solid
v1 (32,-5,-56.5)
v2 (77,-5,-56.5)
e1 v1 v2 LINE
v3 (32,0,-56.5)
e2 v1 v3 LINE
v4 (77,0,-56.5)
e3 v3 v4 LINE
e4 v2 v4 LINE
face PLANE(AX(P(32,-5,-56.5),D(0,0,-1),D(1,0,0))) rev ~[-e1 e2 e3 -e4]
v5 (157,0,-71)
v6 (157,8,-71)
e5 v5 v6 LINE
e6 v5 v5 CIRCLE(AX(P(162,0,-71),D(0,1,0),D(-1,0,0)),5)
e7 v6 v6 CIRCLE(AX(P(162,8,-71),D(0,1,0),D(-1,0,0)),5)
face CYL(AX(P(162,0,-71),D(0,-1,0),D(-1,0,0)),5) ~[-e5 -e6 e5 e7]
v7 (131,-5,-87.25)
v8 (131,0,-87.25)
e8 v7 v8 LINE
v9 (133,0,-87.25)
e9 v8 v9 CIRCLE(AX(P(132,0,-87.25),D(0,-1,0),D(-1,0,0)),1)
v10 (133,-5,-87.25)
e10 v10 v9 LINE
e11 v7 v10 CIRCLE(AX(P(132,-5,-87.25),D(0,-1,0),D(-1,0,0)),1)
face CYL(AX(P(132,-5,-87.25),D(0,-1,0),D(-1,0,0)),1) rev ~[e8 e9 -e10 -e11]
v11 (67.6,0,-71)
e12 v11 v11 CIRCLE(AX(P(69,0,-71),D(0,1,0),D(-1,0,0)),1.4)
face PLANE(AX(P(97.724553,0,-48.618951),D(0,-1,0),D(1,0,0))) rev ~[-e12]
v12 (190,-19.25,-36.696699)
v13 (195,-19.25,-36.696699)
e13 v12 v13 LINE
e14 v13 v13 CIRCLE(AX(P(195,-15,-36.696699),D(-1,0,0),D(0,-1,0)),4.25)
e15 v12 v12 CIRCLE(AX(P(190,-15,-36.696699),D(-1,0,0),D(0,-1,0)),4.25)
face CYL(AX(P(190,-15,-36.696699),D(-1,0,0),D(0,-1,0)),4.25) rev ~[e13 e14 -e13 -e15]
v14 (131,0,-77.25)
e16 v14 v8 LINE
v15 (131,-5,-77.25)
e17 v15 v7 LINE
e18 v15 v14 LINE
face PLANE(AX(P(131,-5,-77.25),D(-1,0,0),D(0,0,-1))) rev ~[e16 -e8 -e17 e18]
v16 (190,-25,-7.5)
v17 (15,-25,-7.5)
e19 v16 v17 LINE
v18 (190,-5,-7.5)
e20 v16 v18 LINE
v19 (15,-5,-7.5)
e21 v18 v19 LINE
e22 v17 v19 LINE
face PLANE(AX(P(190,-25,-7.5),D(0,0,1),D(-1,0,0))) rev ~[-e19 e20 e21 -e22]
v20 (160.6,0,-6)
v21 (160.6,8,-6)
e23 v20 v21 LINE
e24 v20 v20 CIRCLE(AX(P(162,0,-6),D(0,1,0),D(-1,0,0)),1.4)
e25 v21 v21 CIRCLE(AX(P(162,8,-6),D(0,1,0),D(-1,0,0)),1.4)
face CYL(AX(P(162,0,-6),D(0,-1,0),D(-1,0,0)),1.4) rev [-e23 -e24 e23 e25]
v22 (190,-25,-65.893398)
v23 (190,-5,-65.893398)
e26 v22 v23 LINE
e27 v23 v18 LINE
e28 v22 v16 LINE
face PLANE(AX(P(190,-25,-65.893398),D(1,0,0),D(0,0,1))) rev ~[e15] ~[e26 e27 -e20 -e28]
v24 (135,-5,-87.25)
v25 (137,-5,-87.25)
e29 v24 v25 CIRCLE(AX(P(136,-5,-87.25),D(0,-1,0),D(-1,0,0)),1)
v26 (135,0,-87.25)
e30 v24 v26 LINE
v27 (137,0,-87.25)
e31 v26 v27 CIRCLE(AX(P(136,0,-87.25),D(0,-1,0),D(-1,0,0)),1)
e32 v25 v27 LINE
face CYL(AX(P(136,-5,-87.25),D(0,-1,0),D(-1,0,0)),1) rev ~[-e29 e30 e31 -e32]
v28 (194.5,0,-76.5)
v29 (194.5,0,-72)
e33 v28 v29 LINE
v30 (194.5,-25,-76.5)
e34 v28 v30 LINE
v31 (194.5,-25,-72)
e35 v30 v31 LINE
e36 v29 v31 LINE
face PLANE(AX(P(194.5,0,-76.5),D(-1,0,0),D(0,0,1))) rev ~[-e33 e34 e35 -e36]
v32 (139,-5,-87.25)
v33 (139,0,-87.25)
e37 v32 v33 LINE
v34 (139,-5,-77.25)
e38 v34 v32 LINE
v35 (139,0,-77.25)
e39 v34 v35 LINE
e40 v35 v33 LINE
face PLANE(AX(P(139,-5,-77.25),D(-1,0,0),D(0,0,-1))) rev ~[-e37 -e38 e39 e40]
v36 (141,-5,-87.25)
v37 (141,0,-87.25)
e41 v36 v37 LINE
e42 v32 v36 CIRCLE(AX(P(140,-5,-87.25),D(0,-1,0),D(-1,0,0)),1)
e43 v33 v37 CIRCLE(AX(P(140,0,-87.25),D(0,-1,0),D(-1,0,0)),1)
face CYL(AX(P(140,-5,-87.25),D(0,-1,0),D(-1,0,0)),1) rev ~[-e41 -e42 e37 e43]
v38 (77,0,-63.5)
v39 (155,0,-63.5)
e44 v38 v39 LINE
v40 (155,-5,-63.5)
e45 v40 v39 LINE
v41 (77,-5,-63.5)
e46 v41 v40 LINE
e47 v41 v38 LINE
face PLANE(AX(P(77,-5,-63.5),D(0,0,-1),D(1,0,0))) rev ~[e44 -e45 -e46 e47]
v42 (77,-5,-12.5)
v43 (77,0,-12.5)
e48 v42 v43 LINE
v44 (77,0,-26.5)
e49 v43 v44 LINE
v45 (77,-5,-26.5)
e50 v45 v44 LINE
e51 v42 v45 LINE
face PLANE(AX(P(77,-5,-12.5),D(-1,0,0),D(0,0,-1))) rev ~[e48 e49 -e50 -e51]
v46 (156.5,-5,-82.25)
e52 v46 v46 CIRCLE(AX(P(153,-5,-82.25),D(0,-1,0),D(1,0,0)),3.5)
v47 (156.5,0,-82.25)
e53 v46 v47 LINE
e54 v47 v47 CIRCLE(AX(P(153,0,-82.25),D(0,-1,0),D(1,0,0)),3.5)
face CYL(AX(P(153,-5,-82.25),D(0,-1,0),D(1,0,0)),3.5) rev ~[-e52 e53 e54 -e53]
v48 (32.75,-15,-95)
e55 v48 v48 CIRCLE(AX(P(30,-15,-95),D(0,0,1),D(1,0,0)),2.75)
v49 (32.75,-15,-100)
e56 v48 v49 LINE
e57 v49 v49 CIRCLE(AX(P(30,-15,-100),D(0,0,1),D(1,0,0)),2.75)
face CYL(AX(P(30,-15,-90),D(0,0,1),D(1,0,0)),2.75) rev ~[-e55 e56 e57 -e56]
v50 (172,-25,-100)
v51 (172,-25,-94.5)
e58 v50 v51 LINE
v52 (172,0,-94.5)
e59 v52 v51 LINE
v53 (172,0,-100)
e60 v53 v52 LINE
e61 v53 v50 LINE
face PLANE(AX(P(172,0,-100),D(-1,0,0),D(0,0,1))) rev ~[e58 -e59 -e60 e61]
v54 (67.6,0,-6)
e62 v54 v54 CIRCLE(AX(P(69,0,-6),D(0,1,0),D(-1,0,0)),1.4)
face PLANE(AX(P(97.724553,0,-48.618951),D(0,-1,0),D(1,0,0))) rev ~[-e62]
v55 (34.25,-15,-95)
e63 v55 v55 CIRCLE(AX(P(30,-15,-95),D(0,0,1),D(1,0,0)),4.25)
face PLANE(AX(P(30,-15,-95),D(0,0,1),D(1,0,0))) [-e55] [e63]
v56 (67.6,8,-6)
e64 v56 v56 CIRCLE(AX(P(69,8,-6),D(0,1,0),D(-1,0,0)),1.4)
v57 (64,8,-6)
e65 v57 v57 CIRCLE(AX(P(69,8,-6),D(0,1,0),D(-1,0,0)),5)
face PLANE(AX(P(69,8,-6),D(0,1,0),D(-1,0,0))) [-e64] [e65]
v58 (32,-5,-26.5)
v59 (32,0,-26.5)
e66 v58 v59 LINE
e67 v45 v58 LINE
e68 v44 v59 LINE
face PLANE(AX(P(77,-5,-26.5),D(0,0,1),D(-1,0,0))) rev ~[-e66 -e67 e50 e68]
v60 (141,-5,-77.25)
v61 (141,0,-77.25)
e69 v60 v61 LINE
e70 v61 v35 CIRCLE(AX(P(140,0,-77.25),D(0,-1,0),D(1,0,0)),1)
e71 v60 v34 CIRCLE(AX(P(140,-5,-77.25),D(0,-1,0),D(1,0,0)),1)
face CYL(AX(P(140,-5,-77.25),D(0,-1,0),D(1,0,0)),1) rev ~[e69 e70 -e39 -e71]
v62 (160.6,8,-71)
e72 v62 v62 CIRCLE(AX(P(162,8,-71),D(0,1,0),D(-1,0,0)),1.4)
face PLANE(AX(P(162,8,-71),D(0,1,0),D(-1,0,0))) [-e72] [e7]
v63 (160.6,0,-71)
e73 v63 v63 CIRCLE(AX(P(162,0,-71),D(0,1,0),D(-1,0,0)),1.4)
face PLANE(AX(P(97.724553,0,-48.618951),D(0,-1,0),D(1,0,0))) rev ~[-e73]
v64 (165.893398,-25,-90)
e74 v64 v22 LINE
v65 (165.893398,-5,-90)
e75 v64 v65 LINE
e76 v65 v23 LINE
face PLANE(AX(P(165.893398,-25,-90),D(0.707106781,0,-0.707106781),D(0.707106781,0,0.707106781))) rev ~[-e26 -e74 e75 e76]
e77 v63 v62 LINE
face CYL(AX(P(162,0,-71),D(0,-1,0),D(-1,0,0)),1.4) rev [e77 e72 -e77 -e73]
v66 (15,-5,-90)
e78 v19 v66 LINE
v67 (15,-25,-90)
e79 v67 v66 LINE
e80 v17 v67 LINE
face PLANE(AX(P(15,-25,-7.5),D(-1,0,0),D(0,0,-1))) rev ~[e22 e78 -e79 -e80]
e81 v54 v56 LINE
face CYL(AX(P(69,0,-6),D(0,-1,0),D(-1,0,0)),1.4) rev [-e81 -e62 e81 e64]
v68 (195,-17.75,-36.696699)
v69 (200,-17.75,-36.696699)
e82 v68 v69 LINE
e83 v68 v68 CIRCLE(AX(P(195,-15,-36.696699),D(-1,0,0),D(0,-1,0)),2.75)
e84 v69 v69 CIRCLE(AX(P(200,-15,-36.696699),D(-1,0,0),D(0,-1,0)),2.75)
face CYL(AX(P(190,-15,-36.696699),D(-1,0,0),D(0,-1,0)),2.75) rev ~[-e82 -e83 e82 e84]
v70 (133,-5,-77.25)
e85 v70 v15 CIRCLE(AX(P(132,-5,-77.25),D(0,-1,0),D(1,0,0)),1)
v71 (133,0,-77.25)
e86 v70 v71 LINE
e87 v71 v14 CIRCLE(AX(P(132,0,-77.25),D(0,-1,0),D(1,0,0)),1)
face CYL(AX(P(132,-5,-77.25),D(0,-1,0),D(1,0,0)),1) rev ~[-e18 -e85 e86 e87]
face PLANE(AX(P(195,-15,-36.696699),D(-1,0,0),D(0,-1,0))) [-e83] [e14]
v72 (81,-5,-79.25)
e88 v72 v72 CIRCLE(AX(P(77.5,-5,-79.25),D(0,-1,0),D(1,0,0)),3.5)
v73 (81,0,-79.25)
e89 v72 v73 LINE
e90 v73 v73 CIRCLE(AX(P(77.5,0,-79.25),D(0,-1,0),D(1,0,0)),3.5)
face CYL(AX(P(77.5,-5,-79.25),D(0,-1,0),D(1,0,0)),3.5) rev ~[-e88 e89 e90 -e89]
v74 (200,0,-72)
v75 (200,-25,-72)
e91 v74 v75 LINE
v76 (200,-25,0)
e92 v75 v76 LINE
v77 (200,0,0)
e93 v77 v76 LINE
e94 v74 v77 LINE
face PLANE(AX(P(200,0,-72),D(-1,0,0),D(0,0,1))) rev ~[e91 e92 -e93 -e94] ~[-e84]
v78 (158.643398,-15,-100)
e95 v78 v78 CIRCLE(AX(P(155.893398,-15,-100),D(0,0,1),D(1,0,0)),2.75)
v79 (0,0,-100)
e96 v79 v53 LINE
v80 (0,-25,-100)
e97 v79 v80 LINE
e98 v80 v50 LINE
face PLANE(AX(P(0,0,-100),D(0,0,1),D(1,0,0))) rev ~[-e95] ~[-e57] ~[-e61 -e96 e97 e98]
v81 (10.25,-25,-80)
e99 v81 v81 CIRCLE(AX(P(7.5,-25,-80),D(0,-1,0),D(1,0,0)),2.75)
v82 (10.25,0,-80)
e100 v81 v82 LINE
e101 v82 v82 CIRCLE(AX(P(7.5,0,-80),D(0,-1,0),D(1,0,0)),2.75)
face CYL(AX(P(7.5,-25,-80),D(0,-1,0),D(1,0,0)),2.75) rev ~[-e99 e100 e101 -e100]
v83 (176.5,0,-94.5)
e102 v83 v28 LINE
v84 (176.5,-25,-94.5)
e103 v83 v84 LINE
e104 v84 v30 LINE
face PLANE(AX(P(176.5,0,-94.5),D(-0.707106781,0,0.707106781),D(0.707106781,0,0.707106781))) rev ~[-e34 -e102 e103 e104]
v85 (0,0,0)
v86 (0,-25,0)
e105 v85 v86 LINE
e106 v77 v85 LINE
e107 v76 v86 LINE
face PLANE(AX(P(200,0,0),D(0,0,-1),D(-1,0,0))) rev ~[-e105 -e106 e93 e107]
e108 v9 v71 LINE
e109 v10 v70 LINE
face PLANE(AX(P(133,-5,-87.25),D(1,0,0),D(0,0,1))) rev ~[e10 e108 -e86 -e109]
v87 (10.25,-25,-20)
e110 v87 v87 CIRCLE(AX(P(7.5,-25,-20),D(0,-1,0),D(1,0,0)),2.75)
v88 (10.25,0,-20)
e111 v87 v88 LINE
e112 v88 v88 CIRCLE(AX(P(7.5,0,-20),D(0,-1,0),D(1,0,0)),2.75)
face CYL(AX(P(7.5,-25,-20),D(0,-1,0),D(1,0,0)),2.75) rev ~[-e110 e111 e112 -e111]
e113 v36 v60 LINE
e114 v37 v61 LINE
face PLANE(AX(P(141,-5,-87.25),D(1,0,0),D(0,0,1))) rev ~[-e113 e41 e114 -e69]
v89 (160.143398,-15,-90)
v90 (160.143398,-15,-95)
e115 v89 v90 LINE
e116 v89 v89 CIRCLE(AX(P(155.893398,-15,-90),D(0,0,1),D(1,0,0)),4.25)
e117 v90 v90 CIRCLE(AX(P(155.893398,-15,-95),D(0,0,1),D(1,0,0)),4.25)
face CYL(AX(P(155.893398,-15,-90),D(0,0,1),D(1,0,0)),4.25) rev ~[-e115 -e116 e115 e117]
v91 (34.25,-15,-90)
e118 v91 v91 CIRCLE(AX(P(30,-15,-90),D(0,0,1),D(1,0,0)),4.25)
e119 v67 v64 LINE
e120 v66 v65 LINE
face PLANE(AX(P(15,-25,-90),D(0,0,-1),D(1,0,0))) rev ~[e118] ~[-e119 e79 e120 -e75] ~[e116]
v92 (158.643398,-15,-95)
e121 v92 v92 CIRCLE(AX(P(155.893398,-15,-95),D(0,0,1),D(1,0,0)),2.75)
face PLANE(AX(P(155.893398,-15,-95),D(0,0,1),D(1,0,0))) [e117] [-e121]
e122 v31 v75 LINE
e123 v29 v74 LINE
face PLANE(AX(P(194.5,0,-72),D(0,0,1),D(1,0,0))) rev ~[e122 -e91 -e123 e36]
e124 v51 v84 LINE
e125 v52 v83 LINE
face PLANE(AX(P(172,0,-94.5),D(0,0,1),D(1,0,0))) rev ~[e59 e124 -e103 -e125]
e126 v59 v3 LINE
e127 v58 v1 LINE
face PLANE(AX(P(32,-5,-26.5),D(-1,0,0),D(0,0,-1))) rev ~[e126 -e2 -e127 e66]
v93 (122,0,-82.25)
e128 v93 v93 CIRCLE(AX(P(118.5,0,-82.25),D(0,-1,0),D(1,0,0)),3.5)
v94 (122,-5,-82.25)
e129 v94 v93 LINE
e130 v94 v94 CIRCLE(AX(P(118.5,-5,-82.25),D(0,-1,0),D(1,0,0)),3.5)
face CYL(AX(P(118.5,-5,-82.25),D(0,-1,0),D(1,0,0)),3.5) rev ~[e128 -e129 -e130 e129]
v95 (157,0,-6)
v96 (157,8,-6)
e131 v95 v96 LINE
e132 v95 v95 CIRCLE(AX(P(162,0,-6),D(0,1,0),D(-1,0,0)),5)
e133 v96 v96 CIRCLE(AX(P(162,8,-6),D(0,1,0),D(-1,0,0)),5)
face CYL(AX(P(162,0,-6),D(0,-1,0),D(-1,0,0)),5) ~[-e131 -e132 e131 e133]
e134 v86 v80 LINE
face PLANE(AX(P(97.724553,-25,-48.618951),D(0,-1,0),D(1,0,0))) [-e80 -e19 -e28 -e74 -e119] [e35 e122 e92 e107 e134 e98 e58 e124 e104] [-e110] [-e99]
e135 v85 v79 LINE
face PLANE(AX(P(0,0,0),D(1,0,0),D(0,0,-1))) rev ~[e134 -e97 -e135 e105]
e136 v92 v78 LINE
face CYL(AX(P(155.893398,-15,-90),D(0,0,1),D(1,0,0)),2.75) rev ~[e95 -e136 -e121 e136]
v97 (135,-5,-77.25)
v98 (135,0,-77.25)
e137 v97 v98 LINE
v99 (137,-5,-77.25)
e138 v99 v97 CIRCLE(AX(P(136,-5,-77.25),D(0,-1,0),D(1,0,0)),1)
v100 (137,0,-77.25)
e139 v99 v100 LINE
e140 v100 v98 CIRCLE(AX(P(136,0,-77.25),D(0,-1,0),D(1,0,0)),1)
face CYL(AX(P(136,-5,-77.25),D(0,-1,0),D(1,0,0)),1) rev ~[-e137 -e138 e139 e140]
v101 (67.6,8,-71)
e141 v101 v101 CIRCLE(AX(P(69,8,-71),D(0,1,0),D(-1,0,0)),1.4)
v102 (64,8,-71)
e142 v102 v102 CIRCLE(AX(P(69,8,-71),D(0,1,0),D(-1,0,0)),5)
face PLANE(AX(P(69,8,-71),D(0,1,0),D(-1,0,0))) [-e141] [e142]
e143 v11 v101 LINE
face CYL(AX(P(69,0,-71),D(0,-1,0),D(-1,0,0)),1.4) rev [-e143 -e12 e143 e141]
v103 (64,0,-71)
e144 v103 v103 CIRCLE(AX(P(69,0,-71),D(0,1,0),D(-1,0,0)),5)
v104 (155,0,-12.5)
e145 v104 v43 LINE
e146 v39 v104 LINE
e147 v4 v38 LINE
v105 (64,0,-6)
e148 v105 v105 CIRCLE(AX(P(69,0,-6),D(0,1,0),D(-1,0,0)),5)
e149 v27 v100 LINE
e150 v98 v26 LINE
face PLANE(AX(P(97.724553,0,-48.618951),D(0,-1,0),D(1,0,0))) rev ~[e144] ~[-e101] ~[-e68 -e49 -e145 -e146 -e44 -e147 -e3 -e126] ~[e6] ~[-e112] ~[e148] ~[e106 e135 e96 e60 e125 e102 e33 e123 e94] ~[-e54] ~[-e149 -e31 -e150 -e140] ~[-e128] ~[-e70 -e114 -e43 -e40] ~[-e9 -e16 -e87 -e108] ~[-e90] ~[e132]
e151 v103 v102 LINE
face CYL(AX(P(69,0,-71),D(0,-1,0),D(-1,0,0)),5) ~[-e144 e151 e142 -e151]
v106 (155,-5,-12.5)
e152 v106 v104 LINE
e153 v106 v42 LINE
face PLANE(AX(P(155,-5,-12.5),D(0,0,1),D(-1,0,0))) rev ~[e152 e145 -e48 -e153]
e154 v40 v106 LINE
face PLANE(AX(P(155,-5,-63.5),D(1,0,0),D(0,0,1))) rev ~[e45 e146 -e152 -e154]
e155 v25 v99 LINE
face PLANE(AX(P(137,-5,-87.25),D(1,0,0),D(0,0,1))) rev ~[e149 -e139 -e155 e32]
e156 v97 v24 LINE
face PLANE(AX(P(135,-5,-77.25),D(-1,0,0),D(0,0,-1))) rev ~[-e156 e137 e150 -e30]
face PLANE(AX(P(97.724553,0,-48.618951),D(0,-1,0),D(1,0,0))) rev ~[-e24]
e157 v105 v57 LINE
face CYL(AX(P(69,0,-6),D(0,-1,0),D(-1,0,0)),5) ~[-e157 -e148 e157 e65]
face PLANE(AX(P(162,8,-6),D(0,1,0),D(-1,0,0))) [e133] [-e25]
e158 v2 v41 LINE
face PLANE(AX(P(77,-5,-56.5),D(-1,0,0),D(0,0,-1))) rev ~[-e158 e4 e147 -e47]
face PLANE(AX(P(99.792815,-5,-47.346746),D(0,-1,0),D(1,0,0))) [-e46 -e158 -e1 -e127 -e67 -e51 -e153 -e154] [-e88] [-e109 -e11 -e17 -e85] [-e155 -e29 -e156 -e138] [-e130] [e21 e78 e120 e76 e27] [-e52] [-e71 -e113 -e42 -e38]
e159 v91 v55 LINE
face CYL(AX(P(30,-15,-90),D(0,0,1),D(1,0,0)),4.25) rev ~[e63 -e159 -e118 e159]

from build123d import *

# Parameters (mm, degrees)
F1_DEPTH  = 25
F3_DEPTH  = 20
F4_R      = 3.5
F5_DEPTH  = 5
F6_R      = 5
F6_R_2    = 1.4
F7_DEPTH  = 8
F8_R      = 2.75
F9_DEPTH  = 10
F10_R     = 4.25
F11_DEPTH = 5
F12_R     = 2.75
F13_DEPTH = 10
F14_R     = 4.25
F15_DEPTH = 5
F16_R     = 2.75
F17_DEPTH = 25


with BuildPart() as f1:
    # F0 (on Front) → F1 (new body)
    with BuildSketch(Plane.XZ):
        Polygon((200, 0), (0, 0), (0, -100), (172, -100), (172, -94.5), (176.5, -94.5), (194.5, -76.5), (194.5, -72), (200, -72), align=None)
    extrude(amount=F1_DEPTH)

    # F2 (on face) → F3 (cut)
    with BuildSketch(Plane.XZ.offset(25)):
        Polygon((190, -7.5), (15, -7.5), (15, -90), (165.893398, -90), (190, -65.893398), align=None)
    extrude(amount=-F3_DEPTH, mode=Mode.SUBTRACT)

    # F4 (on face) → F5 (cut, through all)
    with BuildSketch(Plane.XZ.offset(5)):
        Polygon((155, -12.5), (77, -12.5), (77, -26.5), (32, -26.5), (32, -56.5), (77, -56.5), (77, -63.5), (155, -63.5), align=None)
        with Locations((153, -82.25)):
            Circle(F4_R)
        with Locations((118.5, -82.25)):
            Circle(F4_R)
        with BuildLine():
            Line((133, -82.25), (133, -77.25))
            ThreePointArc((133, -77.25), (132, -76.25), (131, -77.25))
            Line((131, -77.25), (131, -82.25))
            Line((131, -82.25), (131, -87.25))
            ThreePointArc((131, -87.25), (132, -88.25), (133, -87.25))
            Line((133, -87.25), (133, -82.25))
        make_face()
        with BuildLine():
            ThreePointArc((137, -77.25), (136, -76.25), (135, -77.25))
            Line((135, -77.25), (135, -82.25))
            Line((135, -82.25), (135, -87.25))
            ThreePointArc((135, -87.25), (136, -88.25), (137, -87.25))
            Line((137, -87.25), (137, -82.25))
            Line((137, -82.25), (137, -77.25))
        make_face()
        with BuildLine():
            ThreePointArc((141, -77.25), (140, -76.25), (139, -77.25))
            Line((139, -77.25), (139, -82.25))
            Line((139, -82.25), (139, -87.25))
            ThreePointArc((139, -87.25), (140, -88.25), (141, -87.25))
            Line((141, -87.25), (141, -82.25))
            Line((141, -82.25), (141, -77.25))
        make_face()
        with Locations((77.5, -79.25)):
            Circle(F4_R)
    extrude(amount=-F5_DEPTH, mode=Mode.SUBTRACT)

    # F6 (on face) → F7 (join)
    with BuildSketch(Plane(origin=(0, 0, 0), x_dir=(-1, 0, 0), z_dir=(0, 1, 0))):
        with Locations((-69, -6)):
            Circle(F6_R)
        with Locations((-69, -6)):
            Circle(F6_R_2, mode=Mode.SUBTRACT)
        with Locations((-162, -6)):
            Circle(F6_R)
        with Locations((-162, -6)):
            Circle(F6_R_2, mode=Mode.SUBTRACT)
        with Locations((-162, -71)):
            Circle(F6_R)
        with Locations((-162, -71)):
            Circle(F6_R_2, mode=Mode.SUBTRACT)
        with Locations((-69, -71)):
            Circle(F6_R)
        with Locations((-69, -71)):
            Circle(F6_R_2, mode=Mode.SUBTRACT)
    extrude(amount=F7_DEPTH)

    # F8 (on face) → F9 (cut, through all)
    with BuildSketch(Plane(origin=(190, 0, 0), x_dir=(0, -1, 0), z_dir=(-1, 0, 0))):
        with Locations((15, -36.696699)):
            Circle(F8_R)
    extrude(amount=-F9_DEPTH, mode=Mode.SUBTRACT)

    # F10 (on face) → F11 (cut)
    with BuildSketch(Plane(origin=(190, 0, 0), x_dir=(0, -1, 0), z_dir=(-1, 0, 0))):
        with Locations((15, -36.696699)):
            Circle(F10_R)
    extrude(amount=-F11_DEPTH, mode=Mode.SUBTRACT)

    # F12 (on face) → F13 (cut, through all)
    with BuildSketch(Plane.XY.offset(-90)):
        with Locations((30, -15)):
            Circle(F12_R)
        with Locations((155.893398, -15)):
            Circle(F12_R)
    extrude(amount=-F13_DEPTH, mode=Mode.SUBTRACT)

    # F14 (on face) → F15 (cut)
    with BuildSketch(Plane.XY.offset(-90)):
        with Locations((30, -15)):
            Circle(F14_R)
        with Locations((155.893398, -15)):
            Circle(F14_R)
    extrude(amount=-F15_DEPTH, mode=Mode.SUBTRACT)

    # F16 (on face) → F17 (cut, through all)
    with BuildSketch(Plane.XZ.offset(25)):
        with Locations((7.5, -20)):
            Circle(F16_R)
        with Locations((7.5, -80)):
            Circle(F16_R)
    extrude(amount=-F17_DEPTH, mode=Mode.SUBTRACT)


solid = f1.part
